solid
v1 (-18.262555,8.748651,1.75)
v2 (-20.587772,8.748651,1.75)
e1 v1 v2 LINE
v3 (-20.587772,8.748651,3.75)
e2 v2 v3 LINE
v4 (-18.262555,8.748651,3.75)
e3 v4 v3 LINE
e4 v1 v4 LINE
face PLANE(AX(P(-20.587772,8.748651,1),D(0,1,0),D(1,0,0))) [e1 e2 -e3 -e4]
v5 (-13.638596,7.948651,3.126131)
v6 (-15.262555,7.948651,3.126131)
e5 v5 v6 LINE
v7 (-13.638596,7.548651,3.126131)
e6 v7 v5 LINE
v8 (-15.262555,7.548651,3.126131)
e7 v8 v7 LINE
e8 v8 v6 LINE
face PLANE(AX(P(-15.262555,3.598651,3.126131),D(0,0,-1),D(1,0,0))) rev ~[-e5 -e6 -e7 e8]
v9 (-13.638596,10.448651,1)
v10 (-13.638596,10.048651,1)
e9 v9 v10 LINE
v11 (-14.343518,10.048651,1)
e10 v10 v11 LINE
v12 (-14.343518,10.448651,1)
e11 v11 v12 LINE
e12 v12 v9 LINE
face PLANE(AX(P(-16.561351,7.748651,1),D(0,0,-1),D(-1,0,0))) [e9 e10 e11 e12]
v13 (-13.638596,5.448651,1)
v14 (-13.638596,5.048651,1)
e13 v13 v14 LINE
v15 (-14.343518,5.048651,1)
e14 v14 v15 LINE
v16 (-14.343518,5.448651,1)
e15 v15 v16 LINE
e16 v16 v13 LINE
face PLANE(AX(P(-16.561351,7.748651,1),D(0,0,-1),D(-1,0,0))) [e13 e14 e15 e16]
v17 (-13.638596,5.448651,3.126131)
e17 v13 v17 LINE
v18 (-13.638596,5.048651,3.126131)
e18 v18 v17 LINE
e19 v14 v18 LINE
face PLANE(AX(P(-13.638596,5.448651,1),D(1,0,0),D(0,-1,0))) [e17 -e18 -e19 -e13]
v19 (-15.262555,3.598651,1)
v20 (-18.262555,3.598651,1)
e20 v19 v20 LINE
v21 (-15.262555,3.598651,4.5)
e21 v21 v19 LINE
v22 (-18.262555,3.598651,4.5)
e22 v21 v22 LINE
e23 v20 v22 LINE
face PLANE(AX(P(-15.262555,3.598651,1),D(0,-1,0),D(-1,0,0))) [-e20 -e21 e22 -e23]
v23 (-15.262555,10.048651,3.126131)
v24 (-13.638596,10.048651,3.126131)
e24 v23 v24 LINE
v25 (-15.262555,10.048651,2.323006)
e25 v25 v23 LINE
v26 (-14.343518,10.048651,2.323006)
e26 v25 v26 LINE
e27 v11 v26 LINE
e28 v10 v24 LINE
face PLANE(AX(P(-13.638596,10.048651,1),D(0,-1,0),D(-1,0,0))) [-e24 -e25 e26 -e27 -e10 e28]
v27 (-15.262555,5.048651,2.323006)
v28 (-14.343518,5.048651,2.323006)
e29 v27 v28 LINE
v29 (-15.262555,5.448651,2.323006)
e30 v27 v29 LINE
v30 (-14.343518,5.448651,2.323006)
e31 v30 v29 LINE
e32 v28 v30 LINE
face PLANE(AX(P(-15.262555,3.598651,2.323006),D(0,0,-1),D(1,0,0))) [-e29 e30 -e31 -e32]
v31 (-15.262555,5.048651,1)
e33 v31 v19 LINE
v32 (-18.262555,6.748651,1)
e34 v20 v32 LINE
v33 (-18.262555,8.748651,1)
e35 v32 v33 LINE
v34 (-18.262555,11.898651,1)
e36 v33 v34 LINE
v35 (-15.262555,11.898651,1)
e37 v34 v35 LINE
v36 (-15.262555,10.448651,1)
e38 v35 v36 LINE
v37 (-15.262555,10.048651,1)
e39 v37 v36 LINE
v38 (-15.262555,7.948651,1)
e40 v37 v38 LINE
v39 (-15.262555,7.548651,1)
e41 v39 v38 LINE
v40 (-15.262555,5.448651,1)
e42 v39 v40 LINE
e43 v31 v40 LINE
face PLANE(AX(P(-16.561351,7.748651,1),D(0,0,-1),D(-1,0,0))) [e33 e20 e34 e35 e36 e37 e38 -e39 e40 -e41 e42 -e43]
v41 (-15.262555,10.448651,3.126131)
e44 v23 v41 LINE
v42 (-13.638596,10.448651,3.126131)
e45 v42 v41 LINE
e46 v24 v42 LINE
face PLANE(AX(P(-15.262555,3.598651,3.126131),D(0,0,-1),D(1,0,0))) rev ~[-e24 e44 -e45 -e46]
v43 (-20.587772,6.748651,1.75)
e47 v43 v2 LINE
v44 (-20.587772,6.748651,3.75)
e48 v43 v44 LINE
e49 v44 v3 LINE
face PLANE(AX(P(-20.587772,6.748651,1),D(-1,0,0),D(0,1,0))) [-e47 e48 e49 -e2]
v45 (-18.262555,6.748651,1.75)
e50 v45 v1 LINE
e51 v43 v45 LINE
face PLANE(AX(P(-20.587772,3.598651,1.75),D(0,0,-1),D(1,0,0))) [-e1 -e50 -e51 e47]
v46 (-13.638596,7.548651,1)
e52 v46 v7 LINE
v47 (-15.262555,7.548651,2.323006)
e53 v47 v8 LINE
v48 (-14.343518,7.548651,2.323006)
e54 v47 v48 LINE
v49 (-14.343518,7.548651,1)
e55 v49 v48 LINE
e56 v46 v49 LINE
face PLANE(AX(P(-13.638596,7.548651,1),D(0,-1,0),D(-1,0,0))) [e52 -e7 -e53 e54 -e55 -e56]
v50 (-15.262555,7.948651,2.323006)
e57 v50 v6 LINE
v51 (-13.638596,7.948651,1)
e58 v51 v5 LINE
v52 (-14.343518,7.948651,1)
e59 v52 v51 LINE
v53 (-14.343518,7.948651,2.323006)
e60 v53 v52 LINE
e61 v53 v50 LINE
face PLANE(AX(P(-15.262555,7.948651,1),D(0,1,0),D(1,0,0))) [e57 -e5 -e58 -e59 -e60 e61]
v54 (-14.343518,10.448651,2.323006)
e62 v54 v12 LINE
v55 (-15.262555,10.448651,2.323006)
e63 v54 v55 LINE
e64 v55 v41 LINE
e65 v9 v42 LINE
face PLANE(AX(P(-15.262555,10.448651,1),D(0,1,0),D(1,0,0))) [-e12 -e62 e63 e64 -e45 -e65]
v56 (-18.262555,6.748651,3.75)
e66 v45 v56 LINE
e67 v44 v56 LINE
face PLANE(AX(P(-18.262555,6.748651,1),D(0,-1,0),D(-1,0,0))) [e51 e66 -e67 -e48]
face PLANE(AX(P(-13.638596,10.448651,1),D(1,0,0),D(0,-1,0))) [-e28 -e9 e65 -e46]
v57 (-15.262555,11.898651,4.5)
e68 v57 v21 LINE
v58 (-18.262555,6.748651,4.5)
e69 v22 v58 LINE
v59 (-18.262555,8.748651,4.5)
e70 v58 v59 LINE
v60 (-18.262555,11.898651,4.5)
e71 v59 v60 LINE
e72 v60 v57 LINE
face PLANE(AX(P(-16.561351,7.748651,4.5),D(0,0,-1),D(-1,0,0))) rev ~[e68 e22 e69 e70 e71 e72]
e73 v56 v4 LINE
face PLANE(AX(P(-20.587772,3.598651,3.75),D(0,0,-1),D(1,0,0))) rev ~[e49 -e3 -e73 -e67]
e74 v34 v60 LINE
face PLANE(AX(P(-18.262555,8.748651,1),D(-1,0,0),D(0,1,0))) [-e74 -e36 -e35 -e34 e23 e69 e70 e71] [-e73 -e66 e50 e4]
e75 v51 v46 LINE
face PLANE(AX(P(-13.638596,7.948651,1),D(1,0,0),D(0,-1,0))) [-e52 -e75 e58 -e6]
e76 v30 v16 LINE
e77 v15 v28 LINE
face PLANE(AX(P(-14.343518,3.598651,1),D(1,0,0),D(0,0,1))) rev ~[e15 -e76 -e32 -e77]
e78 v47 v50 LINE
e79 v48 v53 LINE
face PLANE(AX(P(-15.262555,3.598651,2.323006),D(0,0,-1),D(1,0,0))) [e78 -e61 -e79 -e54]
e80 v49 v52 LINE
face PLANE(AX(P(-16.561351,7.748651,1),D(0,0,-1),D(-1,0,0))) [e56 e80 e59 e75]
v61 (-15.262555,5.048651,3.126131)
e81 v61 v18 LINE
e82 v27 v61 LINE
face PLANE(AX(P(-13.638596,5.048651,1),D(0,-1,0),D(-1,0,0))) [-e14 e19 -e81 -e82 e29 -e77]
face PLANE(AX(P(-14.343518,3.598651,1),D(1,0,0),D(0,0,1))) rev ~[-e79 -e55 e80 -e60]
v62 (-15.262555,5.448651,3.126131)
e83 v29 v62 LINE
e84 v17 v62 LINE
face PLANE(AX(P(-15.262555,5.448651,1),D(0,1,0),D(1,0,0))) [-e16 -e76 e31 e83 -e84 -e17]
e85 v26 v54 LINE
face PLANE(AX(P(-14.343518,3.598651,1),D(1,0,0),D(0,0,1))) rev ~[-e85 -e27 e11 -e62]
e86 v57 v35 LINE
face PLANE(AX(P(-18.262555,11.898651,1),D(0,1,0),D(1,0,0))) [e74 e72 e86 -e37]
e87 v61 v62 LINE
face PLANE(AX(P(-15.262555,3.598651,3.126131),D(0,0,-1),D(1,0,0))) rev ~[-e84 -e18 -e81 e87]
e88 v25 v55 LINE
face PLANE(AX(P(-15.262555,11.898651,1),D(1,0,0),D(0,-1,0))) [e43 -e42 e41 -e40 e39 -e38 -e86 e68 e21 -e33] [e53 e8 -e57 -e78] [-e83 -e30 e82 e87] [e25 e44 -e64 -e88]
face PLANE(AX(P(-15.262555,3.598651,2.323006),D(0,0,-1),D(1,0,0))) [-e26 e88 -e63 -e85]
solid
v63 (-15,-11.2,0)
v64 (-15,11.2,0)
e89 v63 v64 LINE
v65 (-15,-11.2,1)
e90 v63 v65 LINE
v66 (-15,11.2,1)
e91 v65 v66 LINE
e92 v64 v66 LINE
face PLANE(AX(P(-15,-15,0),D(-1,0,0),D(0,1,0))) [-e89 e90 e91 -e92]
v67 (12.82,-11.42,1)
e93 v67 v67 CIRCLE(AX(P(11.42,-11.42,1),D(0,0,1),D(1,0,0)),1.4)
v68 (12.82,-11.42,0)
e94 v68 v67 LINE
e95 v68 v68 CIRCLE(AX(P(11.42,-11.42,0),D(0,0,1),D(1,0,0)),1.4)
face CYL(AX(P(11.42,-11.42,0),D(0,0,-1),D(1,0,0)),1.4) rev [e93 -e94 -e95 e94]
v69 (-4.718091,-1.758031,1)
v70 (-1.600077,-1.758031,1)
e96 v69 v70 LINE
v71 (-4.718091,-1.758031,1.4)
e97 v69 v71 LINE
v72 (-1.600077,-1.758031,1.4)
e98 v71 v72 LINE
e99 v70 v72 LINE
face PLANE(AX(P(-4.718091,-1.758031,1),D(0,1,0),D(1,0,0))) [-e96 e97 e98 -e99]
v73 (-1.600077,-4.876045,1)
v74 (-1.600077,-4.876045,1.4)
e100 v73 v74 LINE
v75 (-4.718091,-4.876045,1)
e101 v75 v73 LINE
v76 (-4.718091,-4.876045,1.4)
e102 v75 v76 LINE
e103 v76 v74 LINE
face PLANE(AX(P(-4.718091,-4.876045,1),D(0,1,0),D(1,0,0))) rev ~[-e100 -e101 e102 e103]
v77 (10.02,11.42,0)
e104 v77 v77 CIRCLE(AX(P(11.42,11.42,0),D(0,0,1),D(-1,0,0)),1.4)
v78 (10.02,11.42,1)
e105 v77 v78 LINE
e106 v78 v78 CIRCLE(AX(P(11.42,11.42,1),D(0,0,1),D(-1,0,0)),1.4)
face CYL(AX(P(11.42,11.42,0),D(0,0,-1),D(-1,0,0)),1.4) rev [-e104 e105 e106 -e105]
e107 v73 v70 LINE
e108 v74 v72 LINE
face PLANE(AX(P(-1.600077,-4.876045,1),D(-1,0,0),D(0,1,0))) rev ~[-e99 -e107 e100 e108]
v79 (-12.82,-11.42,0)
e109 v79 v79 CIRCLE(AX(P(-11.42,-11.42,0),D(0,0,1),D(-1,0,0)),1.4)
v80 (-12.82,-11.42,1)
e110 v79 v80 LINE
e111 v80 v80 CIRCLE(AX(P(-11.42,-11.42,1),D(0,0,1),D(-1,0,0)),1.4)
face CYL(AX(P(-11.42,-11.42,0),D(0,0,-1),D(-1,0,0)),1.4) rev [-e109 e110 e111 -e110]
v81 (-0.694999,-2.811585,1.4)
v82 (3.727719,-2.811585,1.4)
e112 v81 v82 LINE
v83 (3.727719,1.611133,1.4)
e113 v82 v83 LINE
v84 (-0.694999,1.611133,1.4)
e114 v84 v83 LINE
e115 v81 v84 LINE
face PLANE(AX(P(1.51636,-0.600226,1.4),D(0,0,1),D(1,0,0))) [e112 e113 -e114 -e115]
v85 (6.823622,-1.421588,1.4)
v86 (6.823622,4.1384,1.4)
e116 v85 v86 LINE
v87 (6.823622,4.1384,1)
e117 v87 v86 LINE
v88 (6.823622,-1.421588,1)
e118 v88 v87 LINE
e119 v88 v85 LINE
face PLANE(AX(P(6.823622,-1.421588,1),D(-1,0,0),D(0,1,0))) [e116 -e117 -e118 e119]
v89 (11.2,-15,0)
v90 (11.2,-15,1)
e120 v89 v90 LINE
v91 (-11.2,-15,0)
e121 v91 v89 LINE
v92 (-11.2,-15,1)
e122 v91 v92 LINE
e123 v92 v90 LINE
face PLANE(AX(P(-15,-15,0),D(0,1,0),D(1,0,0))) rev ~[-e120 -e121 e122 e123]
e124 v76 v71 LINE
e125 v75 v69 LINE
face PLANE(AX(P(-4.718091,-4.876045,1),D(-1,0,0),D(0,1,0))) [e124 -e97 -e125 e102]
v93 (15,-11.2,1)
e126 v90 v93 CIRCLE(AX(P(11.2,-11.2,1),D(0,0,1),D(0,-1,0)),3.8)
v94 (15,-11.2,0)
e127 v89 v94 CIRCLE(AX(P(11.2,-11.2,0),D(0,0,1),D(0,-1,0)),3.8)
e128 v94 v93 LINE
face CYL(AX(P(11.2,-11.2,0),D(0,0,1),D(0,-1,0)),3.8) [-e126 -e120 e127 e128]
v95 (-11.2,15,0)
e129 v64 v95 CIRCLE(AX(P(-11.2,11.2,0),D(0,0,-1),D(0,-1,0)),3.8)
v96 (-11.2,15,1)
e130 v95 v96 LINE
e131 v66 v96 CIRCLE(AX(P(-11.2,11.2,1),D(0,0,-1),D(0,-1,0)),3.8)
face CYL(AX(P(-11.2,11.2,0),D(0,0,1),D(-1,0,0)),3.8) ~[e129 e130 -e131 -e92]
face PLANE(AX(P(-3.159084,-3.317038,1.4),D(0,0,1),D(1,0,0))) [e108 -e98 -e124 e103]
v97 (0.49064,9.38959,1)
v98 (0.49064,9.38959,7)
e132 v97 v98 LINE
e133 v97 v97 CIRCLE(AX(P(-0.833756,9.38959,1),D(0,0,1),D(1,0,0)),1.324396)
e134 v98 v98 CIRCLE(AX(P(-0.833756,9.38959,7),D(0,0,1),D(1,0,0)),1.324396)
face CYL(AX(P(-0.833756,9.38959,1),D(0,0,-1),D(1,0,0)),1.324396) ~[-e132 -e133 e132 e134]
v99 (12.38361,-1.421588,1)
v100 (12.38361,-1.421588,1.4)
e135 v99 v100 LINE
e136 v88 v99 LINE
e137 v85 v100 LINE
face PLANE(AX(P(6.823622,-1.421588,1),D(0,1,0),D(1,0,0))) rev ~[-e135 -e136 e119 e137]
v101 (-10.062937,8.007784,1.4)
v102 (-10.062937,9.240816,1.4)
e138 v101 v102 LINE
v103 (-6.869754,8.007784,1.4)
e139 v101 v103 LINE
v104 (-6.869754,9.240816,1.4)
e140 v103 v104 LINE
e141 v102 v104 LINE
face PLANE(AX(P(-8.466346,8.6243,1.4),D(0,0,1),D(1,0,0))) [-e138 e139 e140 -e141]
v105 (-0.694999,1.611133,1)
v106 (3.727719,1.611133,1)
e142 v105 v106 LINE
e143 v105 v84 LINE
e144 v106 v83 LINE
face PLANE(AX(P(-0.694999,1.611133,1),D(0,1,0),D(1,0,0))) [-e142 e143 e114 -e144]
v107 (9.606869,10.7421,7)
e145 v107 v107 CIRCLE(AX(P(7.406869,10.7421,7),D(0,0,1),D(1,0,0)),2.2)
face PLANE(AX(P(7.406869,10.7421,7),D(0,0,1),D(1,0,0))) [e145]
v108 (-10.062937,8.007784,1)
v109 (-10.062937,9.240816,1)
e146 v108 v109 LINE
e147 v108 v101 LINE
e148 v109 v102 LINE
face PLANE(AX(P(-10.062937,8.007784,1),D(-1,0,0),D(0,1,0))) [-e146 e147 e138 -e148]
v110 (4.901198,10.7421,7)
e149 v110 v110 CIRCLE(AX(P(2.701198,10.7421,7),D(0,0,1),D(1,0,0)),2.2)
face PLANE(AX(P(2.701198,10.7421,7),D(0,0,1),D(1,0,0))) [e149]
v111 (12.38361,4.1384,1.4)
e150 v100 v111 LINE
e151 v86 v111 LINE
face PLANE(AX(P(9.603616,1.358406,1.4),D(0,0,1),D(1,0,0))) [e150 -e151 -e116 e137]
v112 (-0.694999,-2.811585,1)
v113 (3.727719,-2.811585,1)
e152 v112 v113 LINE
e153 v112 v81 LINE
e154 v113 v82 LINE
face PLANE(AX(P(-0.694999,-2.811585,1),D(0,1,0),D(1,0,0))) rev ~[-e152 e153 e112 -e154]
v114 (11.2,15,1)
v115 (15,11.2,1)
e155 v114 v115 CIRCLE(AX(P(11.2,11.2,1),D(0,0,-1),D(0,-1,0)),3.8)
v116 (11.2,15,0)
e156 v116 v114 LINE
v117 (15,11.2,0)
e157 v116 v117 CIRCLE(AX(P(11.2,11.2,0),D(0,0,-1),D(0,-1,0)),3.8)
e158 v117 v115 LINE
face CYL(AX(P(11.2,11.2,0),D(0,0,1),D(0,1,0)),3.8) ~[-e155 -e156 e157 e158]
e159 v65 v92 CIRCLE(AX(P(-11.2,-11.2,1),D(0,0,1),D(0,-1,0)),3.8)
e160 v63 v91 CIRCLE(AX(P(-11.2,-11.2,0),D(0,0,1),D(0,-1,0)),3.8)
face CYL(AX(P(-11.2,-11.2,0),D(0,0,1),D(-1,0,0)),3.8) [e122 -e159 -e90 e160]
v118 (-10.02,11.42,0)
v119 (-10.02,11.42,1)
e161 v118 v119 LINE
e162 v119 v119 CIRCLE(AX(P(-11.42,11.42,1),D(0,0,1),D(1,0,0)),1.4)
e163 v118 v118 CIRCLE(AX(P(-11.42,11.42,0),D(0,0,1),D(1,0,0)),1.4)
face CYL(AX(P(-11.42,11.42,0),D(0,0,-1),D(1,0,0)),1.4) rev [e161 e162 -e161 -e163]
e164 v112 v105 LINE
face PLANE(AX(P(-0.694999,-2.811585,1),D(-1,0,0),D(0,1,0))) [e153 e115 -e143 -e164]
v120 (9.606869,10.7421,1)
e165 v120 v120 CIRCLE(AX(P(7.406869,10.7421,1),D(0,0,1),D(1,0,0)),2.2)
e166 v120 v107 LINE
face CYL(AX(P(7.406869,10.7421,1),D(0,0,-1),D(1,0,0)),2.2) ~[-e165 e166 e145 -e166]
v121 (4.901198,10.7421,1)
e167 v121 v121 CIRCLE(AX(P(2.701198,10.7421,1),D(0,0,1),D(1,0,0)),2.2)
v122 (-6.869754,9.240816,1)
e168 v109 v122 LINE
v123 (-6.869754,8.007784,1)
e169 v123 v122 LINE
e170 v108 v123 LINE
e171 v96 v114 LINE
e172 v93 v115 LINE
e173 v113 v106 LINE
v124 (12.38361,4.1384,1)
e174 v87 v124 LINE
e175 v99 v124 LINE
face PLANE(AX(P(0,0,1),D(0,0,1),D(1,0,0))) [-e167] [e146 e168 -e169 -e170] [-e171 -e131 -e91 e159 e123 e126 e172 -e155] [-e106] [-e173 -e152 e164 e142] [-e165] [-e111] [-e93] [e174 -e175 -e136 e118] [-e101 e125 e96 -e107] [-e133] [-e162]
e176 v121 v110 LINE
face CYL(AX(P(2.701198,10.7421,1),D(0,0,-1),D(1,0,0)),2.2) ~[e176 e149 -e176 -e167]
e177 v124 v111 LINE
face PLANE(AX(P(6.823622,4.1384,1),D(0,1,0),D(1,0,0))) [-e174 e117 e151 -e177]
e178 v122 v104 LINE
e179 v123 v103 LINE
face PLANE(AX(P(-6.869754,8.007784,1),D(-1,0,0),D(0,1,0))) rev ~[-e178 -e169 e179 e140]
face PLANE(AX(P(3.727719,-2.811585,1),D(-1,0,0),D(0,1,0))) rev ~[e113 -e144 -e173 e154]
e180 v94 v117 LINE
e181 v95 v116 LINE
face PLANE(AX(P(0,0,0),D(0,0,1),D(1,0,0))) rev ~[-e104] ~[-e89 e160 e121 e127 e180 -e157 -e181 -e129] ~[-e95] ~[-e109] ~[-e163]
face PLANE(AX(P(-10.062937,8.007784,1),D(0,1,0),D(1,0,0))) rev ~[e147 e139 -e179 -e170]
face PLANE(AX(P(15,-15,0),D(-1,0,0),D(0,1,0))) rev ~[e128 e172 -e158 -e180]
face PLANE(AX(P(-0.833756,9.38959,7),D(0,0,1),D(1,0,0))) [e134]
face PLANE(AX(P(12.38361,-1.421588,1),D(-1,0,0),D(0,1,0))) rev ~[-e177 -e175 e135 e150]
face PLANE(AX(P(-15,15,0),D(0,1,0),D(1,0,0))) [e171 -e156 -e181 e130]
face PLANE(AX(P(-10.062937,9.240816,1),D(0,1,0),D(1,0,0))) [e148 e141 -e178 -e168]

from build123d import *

# Parameters (mm, degrees)
ESBO_O1_W                = 30
ESBO_O1_H                = 30
ESBO_O1_R                = 1.4
RESSALTO_EXTRUS_O1_DEPTH = 1
FILETE1_R                = 3.8
ESBO_O2_W                = 4.42271784
ESBO_O2_H                = 4.422717839
ESBO_O2_W_2              = 3.118013776
ESBO_O2_H_2              = 3.118013775
ESBO_O2_W_3              = 5.559988141
ESBO_O2_H_3              = 5.559988141
ESBO_O2_W_4              = 3.193182952
ESBO_O2_H_4              = 1.233032197
RESSALTO_EXTRUS_O2_DEPTH = 0.4
RESSALTO_EXTRUS_O3_DEPTH = 3.5
ESBO_O4_R                = 2.2
ESBO_O4_R_2              = 1.324395516
RESSALTO_EXTRUS_O4_DEPTH = 6
ESBO_O6_W                = 1.838073738
ESBO_O6_H                = 1.373869438
ESBO_O6_W_2              = 0.919036869
ESBO_O6_H_2              = 1.323006201
ESBO_O6_W_3              = 2.325217377
ESBO_O6_H_3              = 0.75
CORTE_EXTRUS_O1_DEPTH    = 10


with BuildPart() as part:
    # Esboço1 → Ressalto-extrusão1 (new body)
    with BuildSketch(Plane.XY):
        Rectangle(ESBO_O1_W, ESBO_O1_H)
        with Locations((-11.42, 11.42)):
            Circle(ESBO_O1_R, mode=Mode.SUBTRACT)
        with Locations(Location((11.42, 11.42, 0), (0, 0, 180))):
            Circle(ESBO_O1_R, mode=Mode.SUBTRACT)
        with Locations((11.42, -11.42)):
            Circle(ESBO_O1_R, mode=Mode.SUBTRACT)
        with Locations(Location((-11.42, -11.42, 0), (0, 0, 180))):
            Circle(ESBO_O1_R, mode=Mode.SUBTRACT)
    extrude(amount=RESSALTO_EXTRUS_O1_DEPTH)

    # Filete1
    filete1_edges = [part.edges().sort_by_distance(p)[0] for p in [
        (15, -15, 0.5),
        (-15, -15, 0.5),
        (-15, 15, 0.5),
        (15, 15, 0.5),
    ]]
    fillet(filete1_edges, radius=FILETE1_R)

    # Esboço2 → Ressalto-extrusão2 (add)
    with BuildSketch(Plane.XY.offset(1)):
        with Locations((1.516360402, -0.600225993)):
            Rectangle(ESBO_O2_W, ESBO_O2_H)
        with Locations((-3.159084171, -3.31703838)):
            Rectangle(ESBO_O2_W_2, ESBO_O2_H_2)
        with Locations((9.60361588, 1.358406194)):
            Rectangle(ESBO_O2_W_3, ESBO_O2_H_3)
        with Locations((-8.466345578, 8.624299786)):
            Rectangle(ESBO_O2_W_4, ESBO_O2_H_4)
    extrude(amount=RESSALTO_EXTRUS_O2_DEPTH)

    # Esboço4 → Ressalto-extrusão4 (add)
    with BuildSketch(Plane.XY.offset(1)):
        with Locations((7.40686854, 10.742100478)):
            Circle(ESBO_O4_R)
        with Locations((2.70119832, 10.742100478)):
            Circle(ESBO_O4_R)
        with Locations((-0.833755816, 9.389590058)):
            Circle(ESBO_O4_R_2)
    extrude(amount=RESSALTO_EXTRUS_O4_DEPTH)


with BuildPart() as body_2:
    # Esboço3 → Ressalto-extrusão3 (new body)
    with BuildSketch(Plane.XY.offset(1)):
        Polygon((-18.262555034, 11.898651044), (-15.262555034, 11.898651044), (-15.262555034, 10.448651044), (-13.638595921, 10.448651044), (-13.638595921, 10.048651044), (-15.262555034, 10.048651044), (-15.262555034, 7.948651044), (-13.638595921, 7.948651044), (-13.638595921, 7.548651044), (-15.262555034, 7.548651044), (-15.262555034, 5.448651044), (-13.638595921, 5.448651044), (-13.638595921, 5.048651044), (-15.262555034, 5.048651044), (-15.262555034, 3.598651044), (-18.262555034, 3.598651044), (-18.262555034, 6.748651044), (-20.587772411, 6.748651044), (-20.587772411, 8.748651044), (-18.262555034, 8.748651044), align=None)
    extrude(amount=RESSALTO_EXTRUS_O3_DEPTH)

    # Esboço6 → Corte-extrusão1 (cut)
    with BuildSketch(Plane.XZ.offset(-3.598651044)):
        with Locations((-14.343518165, 3.813065281)):
            Rectangle(ESBO_O6_W, ESBO_O6_H)
        with Locations((-14.8030366, 1.661503101)):
            Rectangle(ESBO_O6_W_2, ESBO_O6_H_2)
        with Locations((-19.425163723, 4.125)):
            Rectangle(ESBO_O6_W_3, ESBO_O6_H_3)
        with Locations((-19.425163723, 1.375)):
            Rectangle(ESBO_O6_W_3, ESBO_O6_H_3)
    extrude(amount=-CORTE_EXTRUS_O1_DEPTH, mode=Mode.SUBTRACT)


solid = Compound([part.part, body_2.part])
